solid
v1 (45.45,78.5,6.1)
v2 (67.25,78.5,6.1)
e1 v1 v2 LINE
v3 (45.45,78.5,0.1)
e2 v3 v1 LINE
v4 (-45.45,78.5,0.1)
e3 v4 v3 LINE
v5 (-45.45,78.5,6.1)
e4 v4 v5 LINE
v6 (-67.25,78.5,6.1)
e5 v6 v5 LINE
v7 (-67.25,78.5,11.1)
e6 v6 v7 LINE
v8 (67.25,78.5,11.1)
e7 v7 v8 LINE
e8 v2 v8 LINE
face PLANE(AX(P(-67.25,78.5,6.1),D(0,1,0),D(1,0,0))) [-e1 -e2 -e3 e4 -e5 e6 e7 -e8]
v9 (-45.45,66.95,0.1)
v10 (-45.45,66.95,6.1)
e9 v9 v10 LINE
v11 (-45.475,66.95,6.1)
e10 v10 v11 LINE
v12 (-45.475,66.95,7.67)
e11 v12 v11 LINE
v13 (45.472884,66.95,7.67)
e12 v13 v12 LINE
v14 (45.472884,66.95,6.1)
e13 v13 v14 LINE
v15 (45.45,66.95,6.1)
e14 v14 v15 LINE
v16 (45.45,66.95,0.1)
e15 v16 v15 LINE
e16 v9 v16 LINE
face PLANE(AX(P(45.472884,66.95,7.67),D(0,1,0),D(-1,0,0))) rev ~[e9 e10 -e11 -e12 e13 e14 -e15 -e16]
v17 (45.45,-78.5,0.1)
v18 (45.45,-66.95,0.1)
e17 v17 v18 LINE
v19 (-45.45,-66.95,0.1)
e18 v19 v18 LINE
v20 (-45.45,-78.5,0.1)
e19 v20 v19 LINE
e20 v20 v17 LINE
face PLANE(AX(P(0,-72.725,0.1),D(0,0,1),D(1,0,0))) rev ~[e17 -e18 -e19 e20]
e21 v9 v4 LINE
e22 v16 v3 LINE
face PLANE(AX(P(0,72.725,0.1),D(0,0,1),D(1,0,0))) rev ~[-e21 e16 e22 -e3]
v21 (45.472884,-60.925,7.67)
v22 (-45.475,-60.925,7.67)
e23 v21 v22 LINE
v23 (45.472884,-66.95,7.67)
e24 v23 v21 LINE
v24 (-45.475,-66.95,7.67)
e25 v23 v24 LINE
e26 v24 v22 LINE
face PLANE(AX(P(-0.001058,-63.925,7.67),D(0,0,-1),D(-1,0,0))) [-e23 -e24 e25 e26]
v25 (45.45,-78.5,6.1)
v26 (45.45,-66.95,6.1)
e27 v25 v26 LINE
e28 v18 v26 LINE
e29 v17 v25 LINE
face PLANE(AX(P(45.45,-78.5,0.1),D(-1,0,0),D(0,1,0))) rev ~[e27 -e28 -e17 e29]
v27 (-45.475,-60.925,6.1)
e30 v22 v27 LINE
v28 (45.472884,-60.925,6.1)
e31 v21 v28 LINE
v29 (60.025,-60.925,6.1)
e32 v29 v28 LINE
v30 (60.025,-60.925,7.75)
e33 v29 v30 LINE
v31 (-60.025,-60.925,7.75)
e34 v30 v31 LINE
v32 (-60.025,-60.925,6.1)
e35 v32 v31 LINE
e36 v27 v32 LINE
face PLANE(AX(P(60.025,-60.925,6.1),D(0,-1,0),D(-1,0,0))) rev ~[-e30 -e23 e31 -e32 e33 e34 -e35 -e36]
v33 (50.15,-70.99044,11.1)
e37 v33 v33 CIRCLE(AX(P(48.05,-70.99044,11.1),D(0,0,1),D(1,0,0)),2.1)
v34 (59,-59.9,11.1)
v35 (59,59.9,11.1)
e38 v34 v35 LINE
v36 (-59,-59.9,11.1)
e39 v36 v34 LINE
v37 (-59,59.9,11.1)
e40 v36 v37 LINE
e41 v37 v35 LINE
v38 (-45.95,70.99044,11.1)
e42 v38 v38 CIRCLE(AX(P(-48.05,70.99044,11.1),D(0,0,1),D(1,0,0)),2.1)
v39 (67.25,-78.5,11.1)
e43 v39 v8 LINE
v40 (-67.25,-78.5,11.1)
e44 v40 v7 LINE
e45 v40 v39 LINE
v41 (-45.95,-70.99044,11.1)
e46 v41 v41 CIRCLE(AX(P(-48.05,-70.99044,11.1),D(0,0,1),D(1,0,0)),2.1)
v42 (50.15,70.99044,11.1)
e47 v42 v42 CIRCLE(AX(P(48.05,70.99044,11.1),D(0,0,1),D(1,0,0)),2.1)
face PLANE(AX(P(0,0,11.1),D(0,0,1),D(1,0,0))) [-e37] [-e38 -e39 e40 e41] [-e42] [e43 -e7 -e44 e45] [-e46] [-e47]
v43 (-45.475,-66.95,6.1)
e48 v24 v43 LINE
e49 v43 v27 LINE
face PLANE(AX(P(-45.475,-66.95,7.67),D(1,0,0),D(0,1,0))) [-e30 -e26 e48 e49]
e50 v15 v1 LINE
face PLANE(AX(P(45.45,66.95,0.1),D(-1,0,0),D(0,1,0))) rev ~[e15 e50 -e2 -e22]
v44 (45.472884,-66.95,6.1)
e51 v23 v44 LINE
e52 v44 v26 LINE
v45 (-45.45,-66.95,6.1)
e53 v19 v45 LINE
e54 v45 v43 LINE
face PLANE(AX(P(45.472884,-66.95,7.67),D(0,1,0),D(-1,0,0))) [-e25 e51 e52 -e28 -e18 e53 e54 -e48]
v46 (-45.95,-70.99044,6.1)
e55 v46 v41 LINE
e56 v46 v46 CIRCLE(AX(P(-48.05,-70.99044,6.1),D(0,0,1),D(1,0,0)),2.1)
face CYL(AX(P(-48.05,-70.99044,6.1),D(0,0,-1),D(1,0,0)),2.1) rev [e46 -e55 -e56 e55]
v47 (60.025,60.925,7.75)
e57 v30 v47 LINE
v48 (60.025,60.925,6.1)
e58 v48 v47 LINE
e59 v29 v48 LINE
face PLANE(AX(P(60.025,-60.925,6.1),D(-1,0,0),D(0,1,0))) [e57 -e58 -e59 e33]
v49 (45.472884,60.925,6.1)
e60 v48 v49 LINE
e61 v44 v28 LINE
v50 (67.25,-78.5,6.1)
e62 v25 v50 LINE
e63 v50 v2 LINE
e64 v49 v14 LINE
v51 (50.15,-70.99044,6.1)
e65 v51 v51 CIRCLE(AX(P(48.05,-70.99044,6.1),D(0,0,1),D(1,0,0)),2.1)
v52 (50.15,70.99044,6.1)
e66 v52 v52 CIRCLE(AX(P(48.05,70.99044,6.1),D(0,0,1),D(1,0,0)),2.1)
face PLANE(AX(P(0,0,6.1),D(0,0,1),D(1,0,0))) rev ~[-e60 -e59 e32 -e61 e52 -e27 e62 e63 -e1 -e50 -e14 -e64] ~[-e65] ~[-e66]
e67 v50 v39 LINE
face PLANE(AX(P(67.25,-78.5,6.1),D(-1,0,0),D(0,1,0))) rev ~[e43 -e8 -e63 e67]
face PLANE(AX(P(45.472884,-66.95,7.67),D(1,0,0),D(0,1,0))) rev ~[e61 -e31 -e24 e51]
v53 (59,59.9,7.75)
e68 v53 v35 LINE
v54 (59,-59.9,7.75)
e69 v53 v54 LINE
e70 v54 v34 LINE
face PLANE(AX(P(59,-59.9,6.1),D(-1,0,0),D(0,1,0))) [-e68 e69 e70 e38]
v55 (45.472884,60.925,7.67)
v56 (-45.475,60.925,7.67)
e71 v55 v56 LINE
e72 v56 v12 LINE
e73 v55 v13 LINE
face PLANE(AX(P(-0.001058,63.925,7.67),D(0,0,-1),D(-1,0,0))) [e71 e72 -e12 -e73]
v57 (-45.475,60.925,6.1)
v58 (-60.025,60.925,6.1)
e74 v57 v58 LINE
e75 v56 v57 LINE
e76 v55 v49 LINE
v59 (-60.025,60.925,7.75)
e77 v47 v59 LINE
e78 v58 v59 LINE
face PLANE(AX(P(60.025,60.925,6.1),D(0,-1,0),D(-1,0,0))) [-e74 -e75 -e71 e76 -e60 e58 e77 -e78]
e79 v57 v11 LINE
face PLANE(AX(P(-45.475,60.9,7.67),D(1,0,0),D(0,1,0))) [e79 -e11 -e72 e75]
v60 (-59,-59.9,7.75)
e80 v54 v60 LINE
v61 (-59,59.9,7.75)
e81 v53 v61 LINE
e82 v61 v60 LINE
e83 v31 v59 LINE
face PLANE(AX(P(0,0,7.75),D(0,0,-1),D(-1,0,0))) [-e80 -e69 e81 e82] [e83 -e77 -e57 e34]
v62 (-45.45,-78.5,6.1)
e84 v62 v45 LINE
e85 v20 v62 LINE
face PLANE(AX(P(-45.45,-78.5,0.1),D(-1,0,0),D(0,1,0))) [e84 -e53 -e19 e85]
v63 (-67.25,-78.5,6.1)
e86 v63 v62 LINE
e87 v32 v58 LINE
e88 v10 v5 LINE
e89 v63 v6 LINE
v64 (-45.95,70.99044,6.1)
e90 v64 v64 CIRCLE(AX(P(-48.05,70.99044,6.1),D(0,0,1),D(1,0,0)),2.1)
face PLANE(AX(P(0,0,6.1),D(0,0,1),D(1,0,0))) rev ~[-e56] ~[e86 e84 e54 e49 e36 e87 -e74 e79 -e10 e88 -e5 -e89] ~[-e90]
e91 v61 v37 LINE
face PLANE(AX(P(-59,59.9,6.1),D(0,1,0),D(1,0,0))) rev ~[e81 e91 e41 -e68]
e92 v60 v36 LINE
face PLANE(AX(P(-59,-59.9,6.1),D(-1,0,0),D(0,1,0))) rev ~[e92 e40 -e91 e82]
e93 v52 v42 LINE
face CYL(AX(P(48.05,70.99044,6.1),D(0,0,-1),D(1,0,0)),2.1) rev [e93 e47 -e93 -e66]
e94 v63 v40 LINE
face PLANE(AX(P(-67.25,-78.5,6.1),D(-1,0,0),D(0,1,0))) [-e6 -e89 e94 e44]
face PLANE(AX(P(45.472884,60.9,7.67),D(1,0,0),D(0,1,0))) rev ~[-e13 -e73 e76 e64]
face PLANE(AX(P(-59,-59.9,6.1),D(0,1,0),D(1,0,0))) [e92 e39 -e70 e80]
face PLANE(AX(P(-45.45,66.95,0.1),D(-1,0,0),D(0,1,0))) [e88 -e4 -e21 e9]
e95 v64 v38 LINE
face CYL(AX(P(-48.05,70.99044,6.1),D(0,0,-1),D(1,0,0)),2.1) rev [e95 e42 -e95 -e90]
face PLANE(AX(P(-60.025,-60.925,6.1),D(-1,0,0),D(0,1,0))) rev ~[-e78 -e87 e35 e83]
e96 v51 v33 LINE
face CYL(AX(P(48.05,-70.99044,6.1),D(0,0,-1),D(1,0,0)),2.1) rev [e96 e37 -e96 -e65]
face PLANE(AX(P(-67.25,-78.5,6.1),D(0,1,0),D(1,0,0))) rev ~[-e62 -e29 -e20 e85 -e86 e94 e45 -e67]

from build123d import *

# Parameters (mm, degrees)
SKETCH1_W           = 134.5
SKETCH1_H           = 157
SKETCH1_R           = 2.1
SKETCH1_W_2         = 118
SKETCH1_H_2         = 119.8
BOSS_EXTRUDE1_DEPTH = 5
CUT_EXTRUDE1_START  = -1.57
SKETCH2_W           = 90.947883714
SKETCH2_H           = 6.05
CUT_EXTRUDE1_DEPTH  = 1.57
SKETCH3_W           = 90.9
SKETCH3_H           = 11.55
BOSS_EXTRUDE2_DEPTH = 6
SKETCH4_W           = 120.05
SKETCH4_H           = 121.85
CUT_EXTRUDE2_DEPTH  = 1.65


with BuildPart() as part:
    # Sketch1 → Boss-Extrude1 (new body)
    with BuildSketch(Plane.XY.offset(6.1)):
        Rectangle(SKETCH1_W, SKETCH1_H)
        with Locations((-48.05, 70.990439644)):
            Circle(SKETCH1_R, mode=Mode.SUBTRACT)
        with Locations((48.05, 70.990439644)):
            Circle(SKETCH1_R, mode=Mode.SUBTRACT)
        with Locations((48.05, -70.990439644)):
            Circle(SKETCH1_R, mode=Mode.SUBTRACT)
        with Locations((-48.05, -70.990439644)):
            Circle(SKETCH1_R, mode=Mode.SUBTRACT)
        Rectangle(SKETCH1_W_2, SKETCH1_H_2, mode=Mode.SUBTRACT)
    extrude(amount=BOSS_EXTRUDE1_DEPTH)

    # Sketch2 → Cut-Extrude1 (cut)
    with BuildSketch(Plane(origin=(0, 0, 6.1), x_dir=(-1, 0, 0), z_dir=(0, 0, -1)).offset(CUT_EXTRUDE1_START)):
        with Locations((0.001058143, 63.925)):
            Rectangle(SKETCH2_W, SKETCH2_H)
        with Locations((0.001058143, -63.925)):
            Rectangle(SKETCH2_W, SKETCH2_H)
    extrude(amount=CUT_EXTRUDE1_DEPTH, mode=Mode.SUBTRACT)

    # Sketch3 → Boss-Extrude2 (add)
    with BuildSketch(Plane.XY.offset(0.1)):
        with Locations((0, -72.725)):
            Rectangle(SKETCH3_W, SKETCH3_H)
        with Locations((0, 72.725)):
            Rectangle(SKETCH3_W, SKETCH3_H)
    extrude(amount=BOSS_EXTRUDE2_DEPTH)

    # Sketch4 → Cut-Extrude2 (cut)
    with BuildSketch(Plane(origin=(0, 0, 6.1), x_dir=(-1, 0, 0), z_dir=(0, 0, -1))):
        Rectangle(SKETCH4_W, SKETCH4_H)
    extrude(amount=-CUT_EXTRUDE2_DEPTH, mode=Mode.SUBTRACT)


solid = part.part
